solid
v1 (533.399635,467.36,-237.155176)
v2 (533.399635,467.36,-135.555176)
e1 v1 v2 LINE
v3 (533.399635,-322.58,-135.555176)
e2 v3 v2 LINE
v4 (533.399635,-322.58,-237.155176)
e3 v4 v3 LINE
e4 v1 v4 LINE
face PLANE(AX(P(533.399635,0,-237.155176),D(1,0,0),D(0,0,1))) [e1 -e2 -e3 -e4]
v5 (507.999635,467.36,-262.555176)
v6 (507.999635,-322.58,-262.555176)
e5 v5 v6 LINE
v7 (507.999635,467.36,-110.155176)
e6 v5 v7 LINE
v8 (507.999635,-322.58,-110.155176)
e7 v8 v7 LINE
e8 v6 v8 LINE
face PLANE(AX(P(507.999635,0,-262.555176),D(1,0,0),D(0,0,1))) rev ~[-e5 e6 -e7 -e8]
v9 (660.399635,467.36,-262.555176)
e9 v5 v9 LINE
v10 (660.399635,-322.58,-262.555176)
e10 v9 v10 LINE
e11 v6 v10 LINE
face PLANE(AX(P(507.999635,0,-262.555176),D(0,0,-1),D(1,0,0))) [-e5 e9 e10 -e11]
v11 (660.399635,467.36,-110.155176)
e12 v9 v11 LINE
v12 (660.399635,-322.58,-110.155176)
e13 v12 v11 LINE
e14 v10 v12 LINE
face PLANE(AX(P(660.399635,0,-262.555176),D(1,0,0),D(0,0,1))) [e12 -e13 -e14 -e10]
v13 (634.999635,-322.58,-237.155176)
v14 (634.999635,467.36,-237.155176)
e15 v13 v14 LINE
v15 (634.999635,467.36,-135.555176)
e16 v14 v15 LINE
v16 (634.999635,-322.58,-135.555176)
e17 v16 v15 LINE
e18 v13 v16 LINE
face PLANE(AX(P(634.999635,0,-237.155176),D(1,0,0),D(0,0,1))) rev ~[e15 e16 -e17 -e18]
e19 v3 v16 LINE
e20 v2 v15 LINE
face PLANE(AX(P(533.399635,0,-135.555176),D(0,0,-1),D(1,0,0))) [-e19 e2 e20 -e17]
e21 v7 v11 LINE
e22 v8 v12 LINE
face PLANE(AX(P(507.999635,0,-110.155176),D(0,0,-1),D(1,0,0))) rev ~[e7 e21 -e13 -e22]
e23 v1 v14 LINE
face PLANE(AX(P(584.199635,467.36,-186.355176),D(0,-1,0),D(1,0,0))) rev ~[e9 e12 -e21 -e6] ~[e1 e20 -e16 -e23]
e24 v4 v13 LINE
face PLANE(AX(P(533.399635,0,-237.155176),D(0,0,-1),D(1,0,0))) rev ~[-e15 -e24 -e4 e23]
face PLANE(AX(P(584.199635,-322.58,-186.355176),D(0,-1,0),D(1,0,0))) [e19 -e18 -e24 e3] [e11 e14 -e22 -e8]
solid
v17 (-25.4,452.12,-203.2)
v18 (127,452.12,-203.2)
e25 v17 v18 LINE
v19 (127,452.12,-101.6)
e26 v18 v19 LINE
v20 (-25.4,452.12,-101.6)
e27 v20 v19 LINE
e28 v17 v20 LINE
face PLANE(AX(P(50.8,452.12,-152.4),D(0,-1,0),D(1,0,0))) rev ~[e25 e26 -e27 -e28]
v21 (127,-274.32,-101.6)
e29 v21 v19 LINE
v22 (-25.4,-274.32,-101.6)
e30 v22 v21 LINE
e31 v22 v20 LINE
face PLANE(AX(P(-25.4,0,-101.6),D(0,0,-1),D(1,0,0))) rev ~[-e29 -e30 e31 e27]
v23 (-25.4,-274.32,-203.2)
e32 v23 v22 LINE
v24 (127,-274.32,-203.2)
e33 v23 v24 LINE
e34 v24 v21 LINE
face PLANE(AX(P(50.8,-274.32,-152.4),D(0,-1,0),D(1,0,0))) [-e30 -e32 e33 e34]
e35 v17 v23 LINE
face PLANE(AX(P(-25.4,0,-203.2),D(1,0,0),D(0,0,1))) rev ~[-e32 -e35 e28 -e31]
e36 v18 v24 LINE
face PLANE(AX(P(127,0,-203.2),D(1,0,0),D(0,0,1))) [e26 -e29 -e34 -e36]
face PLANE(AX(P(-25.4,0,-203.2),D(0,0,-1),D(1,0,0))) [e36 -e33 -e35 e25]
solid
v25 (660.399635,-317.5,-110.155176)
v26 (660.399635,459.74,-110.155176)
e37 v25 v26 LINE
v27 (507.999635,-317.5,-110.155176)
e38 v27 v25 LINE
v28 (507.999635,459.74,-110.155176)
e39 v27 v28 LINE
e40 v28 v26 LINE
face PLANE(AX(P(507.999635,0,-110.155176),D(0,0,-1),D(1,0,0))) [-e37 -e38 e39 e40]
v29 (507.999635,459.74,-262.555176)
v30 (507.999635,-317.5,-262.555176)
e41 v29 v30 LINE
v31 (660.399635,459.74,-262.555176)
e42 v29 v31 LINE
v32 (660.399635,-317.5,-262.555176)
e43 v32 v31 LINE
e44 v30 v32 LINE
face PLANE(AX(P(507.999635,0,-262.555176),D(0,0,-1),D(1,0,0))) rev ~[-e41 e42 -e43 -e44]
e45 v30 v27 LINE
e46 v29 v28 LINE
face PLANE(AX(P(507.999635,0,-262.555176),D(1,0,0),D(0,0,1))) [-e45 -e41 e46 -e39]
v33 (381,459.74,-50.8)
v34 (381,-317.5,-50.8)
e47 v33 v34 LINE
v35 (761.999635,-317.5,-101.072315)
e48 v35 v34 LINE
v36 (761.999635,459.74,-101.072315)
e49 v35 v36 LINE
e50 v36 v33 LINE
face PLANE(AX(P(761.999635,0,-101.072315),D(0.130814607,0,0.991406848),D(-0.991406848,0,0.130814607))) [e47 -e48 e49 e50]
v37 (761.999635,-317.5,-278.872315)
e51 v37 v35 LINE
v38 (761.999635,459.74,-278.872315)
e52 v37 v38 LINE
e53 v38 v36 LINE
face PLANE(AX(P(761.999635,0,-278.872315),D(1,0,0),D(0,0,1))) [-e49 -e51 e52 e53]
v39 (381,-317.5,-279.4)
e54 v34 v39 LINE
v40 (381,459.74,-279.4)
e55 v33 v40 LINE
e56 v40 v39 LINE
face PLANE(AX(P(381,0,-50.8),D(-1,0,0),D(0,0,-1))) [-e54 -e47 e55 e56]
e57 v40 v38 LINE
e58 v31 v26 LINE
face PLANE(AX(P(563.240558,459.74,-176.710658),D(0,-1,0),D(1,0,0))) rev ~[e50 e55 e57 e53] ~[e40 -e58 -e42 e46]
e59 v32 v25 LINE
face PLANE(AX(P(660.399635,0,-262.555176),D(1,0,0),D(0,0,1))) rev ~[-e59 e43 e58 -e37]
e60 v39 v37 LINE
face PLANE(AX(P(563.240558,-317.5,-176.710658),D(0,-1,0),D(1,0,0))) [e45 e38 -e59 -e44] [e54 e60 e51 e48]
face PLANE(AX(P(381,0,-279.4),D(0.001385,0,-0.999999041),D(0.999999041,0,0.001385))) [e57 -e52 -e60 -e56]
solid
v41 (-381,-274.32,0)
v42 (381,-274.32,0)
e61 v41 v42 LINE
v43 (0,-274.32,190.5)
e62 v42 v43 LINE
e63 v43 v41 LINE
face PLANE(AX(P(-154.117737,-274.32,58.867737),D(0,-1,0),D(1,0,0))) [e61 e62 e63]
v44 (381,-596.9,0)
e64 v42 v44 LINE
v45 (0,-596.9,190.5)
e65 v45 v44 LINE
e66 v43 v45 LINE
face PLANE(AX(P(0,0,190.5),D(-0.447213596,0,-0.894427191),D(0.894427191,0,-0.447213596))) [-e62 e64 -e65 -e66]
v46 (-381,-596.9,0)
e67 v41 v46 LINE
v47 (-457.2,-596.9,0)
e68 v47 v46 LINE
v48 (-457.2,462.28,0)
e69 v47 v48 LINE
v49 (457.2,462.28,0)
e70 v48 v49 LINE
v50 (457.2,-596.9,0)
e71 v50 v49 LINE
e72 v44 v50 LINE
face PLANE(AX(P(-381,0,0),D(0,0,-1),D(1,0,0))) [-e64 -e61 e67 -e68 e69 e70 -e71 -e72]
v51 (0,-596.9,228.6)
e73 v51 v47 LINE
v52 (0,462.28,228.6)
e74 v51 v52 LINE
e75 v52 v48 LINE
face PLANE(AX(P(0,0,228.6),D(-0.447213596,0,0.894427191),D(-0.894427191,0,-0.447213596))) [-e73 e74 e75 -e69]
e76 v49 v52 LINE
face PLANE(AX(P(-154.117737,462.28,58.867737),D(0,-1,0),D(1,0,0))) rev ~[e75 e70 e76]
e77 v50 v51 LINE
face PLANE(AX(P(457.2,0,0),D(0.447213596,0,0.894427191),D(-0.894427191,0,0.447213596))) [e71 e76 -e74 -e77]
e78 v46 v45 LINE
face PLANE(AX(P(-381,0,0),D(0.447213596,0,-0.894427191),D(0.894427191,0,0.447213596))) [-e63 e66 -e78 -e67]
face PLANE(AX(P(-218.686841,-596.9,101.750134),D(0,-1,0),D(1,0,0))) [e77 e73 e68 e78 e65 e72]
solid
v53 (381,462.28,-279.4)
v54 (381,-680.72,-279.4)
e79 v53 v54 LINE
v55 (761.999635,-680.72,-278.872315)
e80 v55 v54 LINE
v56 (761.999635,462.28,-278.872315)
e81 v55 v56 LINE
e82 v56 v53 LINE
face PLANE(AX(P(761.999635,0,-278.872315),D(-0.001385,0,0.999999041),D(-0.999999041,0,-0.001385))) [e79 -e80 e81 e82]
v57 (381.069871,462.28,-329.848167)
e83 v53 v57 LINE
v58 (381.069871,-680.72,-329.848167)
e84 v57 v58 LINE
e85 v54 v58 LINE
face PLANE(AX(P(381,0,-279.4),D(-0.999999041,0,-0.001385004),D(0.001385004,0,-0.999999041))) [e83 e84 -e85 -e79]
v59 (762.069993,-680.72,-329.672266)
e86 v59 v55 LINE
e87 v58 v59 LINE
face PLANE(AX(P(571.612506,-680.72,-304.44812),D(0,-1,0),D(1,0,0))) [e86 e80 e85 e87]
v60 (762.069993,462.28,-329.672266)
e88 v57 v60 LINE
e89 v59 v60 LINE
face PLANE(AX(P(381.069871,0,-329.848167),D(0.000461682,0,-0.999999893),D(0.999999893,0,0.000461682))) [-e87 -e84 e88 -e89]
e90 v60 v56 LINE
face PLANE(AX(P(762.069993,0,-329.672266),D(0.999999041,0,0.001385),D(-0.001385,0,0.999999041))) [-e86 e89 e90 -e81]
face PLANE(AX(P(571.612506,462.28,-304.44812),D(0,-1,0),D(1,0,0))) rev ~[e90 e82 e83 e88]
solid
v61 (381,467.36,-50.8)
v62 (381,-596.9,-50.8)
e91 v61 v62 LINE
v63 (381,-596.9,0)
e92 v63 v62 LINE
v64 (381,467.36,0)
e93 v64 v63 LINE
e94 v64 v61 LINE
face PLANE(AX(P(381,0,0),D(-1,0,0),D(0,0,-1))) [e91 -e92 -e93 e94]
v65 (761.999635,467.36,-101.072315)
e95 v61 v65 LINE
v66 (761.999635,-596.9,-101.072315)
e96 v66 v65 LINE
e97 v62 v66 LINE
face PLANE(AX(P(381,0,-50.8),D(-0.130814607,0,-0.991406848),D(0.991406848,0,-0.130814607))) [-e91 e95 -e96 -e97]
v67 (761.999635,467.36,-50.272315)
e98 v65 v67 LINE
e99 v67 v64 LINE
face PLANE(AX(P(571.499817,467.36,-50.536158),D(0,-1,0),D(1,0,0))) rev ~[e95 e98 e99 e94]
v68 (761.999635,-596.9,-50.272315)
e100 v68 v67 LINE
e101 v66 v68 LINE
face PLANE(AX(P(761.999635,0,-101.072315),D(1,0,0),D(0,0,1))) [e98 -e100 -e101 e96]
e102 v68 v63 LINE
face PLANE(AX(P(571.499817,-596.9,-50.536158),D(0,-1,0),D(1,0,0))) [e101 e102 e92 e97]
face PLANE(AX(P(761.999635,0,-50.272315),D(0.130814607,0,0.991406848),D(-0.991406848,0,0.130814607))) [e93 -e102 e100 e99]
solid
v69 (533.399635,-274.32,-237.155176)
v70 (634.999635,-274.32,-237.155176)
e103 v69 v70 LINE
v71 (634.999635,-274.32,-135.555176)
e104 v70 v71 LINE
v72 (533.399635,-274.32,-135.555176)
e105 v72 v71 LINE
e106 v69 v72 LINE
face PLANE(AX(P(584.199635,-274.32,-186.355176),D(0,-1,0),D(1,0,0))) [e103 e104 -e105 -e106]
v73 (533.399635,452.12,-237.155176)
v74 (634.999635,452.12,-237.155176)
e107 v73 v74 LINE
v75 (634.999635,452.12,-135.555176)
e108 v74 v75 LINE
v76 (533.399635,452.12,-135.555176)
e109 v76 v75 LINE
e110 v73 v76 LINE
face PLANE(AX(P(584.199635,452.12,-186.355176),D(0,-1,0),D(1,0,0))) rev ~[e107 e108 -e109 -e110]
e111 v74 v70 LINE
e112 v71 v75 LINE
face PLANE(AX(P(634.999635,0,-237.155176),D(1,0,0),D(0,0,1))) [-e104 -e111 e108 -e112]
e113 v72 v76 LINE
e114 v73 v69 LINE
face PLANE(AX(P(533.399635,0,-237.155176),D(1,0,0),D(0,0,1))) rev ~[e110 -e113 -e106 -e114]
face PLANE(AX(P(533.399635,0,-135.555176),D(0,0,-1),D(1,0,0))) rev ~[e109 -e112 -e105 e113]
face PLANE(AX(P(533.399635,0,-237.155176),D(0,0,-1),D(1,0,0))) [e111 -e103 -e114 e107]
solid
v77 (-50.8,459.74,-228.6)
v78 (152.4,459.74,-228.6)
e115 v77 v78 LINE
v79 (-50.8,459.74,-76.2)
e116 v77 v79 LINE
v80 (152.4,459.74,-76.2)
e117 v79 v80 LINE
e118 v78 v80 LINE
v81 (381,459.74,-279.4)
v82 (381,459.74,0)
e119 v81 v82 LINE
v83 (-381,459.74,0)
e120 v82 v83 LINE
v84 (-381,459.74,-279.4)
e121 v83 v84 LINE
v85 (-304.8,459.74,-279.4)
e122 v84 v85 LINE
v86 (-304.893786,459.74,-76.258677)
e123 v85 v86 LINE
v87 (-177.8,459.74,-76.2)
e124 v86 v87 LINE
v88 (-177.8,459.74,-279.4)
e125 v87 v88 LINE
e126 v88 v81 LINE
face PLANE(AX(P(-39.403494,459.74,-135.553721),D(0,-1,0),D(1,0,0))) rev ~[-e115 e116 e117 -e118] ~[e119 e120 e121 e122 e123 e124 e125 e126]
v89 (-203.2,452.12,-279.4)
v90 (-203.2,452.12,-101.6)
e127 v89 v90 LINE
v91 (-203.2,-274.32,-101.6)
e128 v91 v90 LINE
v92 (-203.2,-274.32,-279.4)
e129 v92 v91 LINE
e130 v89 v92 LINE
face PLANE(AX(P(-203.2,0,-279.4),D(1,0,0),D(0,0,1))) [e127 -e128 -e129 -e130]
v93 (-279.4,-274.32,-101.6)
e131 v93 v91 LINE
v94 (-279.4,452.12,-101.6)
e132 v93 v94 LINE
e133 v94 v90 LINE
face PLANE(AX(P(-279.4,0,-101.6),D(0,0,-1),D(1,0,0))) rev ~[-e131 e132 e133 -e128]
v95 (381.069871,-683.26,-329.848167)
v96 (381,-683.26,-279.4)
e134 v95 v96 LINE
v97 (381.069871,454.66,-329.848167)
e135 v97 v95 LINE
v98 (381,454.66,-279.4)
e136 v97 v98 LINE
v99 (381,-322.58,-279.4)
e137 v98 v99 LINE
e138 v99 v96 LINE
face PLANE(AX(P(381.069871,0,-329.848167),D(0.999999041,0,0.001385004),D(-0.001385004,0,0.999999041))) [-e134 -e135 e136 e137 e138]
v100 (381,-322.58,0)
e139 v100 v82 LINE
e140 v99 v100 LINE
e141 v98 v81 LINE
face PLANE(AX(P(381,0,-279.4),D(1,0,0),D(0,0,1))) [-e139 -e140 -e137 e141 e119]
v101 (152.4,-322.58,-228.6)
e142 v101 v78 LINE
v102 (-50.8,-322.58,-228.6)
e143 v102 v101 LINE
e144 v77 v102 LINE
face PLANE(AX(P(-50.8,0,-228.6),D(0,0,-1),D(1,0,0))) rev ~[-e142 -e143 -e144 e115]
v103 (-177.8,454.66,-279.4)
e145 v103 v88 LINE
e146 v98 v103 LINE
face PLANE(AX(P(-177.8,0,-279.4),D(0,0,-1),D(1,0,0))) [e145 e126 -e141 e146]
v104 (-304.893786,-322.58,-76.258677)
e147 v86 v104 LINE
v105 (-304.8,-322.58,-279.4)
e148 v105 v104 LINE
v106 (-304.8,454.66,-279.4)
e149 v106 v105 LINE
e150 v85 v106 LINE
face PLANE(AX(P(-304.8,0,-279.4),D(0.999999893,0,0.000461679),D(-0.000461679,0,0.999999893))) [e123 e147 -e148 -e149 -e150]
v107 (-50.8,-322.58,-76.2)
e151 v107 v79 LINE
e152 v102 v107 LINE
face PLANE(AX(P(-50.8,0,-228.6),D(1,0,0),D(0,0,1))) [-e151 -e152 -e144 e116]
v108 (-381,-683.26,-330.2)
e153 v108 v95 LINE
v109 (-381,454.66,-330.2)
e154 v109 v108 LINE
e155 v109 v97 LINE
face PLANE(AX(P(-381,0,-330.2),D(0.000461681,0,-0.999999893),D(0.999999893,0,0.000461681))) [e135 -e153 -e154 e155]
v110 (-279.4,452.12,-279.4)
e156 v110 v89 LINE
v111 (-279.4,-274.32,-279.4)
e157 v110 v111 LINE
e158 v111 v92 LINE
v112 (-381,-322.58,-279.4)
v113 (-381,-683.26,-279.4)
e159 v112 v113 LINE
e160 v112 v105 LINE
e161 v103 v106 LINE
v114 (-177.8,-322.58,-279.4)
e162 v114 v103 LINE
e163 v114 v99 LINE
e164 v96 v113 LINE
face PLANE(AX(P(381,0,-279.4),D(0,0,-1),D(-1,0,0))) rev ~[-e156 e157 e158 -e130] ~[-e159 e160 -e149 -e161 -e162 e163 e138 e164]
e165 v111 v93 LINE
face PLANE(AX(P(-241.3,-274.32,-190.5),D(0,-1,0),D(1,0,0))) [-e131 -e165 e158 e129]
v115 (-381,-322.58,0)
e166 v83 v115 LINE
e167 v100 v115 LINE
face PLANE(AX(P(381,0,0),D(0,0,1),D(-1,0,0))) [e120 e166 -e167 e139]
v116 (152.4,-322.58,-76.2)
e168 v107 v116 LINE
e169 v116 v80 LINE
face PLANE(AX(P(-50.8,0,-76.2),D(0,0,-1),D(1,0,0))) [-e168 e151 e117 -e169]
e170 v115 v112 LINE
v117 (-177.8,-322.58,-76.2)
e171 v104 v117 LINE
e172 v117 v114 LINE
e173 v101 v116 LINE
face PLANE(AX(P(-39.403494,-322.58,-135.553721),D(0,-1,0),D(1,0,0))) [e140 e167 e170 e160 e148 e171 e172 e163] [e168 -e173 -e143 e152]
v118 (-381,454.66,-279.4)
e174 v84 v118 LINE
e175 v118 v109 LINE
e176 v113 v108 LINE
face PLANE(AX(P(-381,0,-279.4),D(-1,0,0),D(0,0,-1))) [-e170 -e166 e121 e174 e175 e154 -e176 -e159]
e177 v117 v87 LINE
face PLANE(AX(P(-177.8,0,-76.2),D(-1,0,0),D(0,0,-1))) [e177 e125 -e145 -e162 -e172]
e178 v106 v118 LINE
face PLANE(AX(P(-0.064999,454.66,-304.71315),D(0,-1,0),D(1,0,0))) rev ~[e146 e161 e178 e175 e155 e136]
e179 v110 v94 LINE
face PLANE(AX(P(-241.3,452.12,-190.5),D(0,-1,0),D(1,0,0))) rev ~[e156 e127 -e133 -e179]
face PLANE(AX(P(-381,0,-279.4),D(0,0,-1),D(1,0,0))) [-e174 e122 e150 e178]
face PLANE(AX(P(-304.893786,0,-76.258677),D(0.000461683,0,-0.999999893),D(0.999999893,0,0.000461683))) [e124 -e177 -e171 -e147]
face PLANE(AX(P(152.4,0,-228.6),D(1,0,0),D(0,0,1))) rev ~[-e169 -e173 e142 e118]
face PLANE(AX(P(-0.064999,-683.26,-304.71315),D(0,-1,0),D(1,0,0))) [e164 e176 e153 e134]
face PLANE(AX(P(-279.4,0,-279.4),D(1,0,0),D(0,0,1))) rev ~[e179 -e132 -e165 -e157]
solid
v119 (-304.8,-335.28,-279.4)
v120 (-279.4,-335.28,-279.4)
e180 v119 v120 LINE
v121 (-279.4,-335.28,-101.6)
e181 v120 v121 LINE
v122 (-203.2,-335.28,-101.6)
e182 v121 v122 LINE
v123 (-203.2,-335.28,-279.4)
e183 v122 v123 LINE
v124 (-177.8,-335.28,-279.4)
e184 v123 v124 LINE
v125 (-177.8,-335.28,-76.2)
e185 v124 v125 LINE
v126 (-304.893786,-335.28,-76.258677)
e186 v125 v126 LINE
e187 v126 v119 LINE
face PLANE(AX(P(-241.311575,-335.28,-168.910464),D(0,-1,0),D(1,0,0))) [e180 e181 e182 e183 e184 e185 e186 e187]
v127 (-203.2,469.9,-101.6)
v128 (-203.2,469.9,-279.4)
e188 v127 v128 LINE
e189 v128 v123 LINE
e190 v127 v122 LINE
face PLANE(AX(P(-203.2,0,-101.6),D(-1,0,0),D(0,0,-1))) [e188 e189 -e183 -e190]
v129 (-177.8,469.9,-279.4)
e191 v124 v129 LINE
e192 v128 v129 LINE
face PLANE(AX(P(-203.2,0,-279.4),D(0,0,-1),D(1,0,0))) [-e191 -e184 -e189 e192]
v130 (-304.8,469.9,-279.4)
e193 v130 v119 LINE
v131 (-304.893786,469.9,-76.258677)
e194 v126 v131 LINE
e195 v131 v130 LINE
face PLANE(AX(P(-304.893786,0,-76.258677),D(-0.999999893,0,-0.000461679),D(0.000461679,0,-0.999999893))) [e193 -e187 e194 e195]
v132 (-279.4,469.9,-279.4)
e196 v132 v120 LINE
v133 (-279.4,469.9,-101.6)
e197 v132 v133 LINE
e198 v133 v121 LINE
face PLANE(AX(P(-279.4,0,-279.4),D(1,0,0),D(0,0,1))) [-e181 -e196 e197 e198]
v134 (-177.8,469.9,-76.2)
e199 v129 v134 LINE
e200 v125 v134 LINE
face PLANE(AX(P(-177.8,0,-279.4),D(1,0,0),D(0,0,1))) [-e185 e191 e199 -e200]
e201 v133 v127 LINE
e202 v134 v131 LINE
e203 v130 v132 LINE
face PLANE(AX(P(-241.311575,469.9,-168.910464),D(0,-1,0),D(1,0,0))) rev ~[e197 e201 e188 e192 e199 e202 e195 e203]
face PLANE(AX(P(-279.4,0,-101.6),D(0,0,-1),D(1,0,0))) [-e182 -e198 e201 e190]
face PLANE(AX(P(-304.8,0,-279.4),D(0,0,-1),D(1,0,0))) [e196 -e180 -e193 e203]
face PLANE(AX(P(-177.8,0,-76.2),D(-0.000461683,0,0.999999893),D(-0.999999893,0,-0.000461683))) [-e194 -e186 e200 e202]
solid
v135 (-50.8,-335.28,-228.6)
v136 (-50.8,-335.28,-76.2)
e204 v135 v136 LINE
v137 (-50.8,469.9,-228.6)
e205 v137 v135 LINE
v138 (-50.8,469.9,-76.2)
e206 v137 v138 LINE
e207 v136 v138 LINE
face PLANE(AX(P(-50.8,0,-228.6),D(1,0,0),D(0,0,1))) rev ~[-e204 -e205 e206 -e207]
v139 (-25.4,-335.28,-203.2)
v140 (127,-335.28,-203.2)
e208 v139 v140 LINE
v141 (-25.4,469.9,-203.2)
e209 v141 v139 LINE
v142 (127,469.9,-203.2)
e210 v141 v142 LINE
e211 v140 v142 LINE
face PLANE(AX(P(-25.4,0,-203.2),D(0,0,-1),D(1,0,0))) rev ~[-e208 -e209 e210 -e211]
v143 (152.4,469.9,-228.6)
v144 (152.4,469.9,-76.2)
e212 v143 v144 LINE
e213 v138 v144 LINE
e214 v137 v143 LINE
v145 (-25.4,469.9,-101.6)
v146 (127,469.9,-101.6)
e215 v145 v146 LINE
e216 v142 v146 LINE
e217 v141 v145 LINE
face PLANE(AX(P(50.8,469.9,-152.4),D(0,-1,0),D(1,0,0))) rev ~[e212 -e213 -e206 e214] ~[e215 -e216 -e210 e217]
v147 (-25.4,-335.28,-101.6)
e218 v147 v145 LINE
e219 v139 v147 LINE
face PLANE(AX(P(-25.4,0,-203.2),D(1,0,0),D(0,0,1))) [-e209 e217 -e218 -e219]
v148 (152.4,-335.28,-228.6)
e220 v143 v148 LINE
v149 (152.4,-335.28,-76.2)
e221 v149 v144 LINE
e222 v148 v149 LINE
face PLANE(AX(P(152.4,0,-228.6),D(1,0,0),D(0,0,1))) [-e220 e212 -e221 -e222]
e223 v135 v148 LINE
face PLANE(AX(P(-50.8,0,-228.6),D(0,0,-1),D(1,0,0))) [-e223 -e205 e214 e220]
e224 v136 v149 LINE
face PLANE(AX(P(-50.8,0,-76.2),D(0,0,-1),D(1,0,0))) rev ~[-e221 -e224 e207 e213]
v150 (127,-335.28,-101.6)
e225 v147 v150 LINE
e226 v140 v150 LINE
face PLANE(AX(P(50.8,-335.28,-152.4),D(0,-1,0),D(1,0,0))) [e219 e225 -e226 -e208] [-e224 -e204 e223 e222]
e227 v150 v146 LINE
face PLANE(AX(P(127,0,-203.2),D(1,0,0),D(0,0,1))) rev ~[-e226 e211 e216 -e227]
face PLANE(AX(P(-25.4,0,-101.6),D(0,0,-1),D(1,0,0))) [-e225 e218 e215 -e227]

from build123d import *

# Parameters (mm, degrees)
F1_DEPTH       = 596.9
F1_DEPTH_BACK  = 462.28
F2_DEPTH       = 274.32
F2_DEPTH_BACK  = 462.28
F3_DEPTH       = 596.9
F3_DEPTH_BACK  = 467.36
F0_W           = 203.2
F0_H           = 152.4
F4_DEPTH       = 322.58
F4_DEPTH_BACK  = 459.74
F5_DEPTH       = 683.26
F5_DEPTH_BACK  = 454.66
F0_W_2         = 76.2
F0_H_2         = 177.8
F0_W_3         = 152.4
F0_H_3         = 101.6
F0_W_4         = 101.6
F6_DEPTH       = 274.32
F6_DEPTH_BACK  = 452.12
F7_DEPTH       = 335.28
F7_DEPTH_BACK  = 469.9
F8_DEPTH       = 317.5
F8_DEPTH_BACK  = 459.74
F9_DEPTH       = 322.58
F9_DEPTH_BACK  = 467.36
F10_DEPTH      = 680.72
F10_DEPTH_BACK = 462.28


with BuildPart() as f1:
    # F0 (on Front) → F1 (new body, two sides)
    with BuildSketch(Plane.XZ) as f1_sk:
        Polygon((-457.2, 0), (-381, 0), (0, 190.5), (0, 228.6), align=None)
        Polygon((0, 190.5), (381, 0), (457.2, 0), (0, 228.6), align=None)
    extrude(amount=F1_DEPTH)
    extrude(f1_sk.sketch, amount=-F1_DEPTH_BACK)

    # F0 (on Front) → F2 (join, two sides)
    with BuildSketch(Plane.XZ) as f2_sk:
        Polygon((-381, 0), (0, 0), (0, 190.5), align=None)
        Polygon((0, 190.5), (0, 0), (381, 0), align=None)
    extrude(amount=F2_DEPTH)
    extrude(f2_sk.sketch, amount=-F2_DEPTH_BACK)


with BuildPart() as f3:
    # F0 (on Front) → F3 (new body, two sides)
    with BuildSketch(Plane.XZ) as f3_sk:
        Polygon((761.999635, -50.272315), (381, 0), (381, -50.8), (761.999635, -101.072315), align=None)
    extrude(amount=F3_DEPTH)
    extrude(f3_sk.sketch, amount=-F3_DEPTH_BACK)


with BuildPart() as f4:
    # F0 (on Front) → F4 (new body, two sides)
    with BuildSketch(Plane.XZ) as f4_sk:
        Polygon((381, 0), (0, 0), (-381, 0), (-381, -279.4), (-304.8, -279.4), (-304.893786, -76.258677), (-177.8, -76.2), (-177.8, -279.4), (381, -279.4), (381, -50.8), align=None)
        with Locations((50.8, -152.4)):
            Rectangle(F0_W, F0_H, mode=Mode.SUBTRACT)
    extrude(amount=F4_DEPTH)
    extrude(f4_sk.sketch, amount=-F4_DEPTH_BACK)

    # F0 (on Front) → F5 (join, two sides)
    with BuildSketch(Plane.XZ) as f5_sk:
        Polygon((-304.8, -279.4), (-381, -279.4), (-381, -330.2), (381.069871, -329.848167), (381, -279.4), (-177.8, -279.4), (-203.2, -279.4), (-279.4, -279.4), align=None)
    extrude(amount=F5_DEPTH)
    extrude(f5_sk.sketch, amount=-F5_DEPTH_BACK)

    # F0 (on Front) → F6 (join, two sides)
    with BuildSketch(Plane.XZ) as f6_sk:
        with Locations((-241.3, -190.5)):
            Rectangle(F0_W_2, F0_H_2)
        with Locations((50.8, -152.4)):
            Rectangle(F0_W_3, F0_H_3)
        with Locations((584.199635, -186.355176)):
            Rectangle(F0_W_4, F0_H_3)
    extrude(amount=F6_DEPTH)
    extrude(f6_sk.sketch, amount=-F6_DEPTH_BACK)


with BuildPart() as f7:
    # F0 (on Front) → F7 (new body, two sides)
    with BuildSketch(Plane.XZ) as f7_sk:
        Polygon((-304.893786, -76.258677), (-304.8, -279.4), (-279.4, -279.4), (-279.4, -101.6), (-203.2, -101.6), (-203.2, -279.4), (-177.8, -279.4), (-177.8, -76.2), align=None)
        with Locations((50.8, -152.4)):
            Rectangle(F0_W, F0_H)
        with Locations((50.8, -152.4)):
            Rectangle(F0_W_3, F0_H_3, mode=Mode.SUBTRACT)
    extrude(amount=F7_DEPTH)
    extrude(f7_sk.sketch, amount=-F7_DEPTH_BACK)


with BuildPart() as f8:
    # F0 (on Front) → F8 (new body, two sides)
    with BuildSketch(Plane.XZ) as f8_sk:
        Polygon((761.999635, -101.072315), (381, -50.8), (381, -279.4), (761.999635, -278.872315), align=None)
        with Locations((584.199635, -186.355176)):
            Rectangle(F0_W_3, F0_H, mode=Mode.SUBTRACT)
    extrude(amount=F8_DEPTH)
    extrude(f8_sk.sketch, amount=-F8_DEPTH_BACK)


with BuildPart() as f9:
    # F0 (on Front) → F9 (new body, two sides)
    with BuildSketch(Plane.XZ) as f9_sk:
        with Locations((584.199635, -186.355176)):
            Rectangle(F0_W_3, F0_H)
        with Locations((584.199635, -186.355176)):
            Rectangle(F0_W_4, F0_H_3, mode=Mode.SUBTRACT)
    extrude(amount=F9_DEPTH)
    extrude(f9_sk.sketch, amount=-F9_DEPTH_BACK)


with BuildPart() as f10:
    # F0 (on Front) → F10 (new body, two sides)
    with BuildSketch(Plane.XZ) as f10_sk:
        Polygon((761.999635, -278.872315), (381, -279.4), (381.069871, -329.848167), (762.069993, -329.672266), align=None)
    extrude(amount=F10_DEPTH)
    extrude(f10_sk.sketch, amount=-F10_DEPTH_BACK)


solid = Compound([f1.part, f3.part, f4.part, f7.part, f8.part, f9.part, f10.part])
